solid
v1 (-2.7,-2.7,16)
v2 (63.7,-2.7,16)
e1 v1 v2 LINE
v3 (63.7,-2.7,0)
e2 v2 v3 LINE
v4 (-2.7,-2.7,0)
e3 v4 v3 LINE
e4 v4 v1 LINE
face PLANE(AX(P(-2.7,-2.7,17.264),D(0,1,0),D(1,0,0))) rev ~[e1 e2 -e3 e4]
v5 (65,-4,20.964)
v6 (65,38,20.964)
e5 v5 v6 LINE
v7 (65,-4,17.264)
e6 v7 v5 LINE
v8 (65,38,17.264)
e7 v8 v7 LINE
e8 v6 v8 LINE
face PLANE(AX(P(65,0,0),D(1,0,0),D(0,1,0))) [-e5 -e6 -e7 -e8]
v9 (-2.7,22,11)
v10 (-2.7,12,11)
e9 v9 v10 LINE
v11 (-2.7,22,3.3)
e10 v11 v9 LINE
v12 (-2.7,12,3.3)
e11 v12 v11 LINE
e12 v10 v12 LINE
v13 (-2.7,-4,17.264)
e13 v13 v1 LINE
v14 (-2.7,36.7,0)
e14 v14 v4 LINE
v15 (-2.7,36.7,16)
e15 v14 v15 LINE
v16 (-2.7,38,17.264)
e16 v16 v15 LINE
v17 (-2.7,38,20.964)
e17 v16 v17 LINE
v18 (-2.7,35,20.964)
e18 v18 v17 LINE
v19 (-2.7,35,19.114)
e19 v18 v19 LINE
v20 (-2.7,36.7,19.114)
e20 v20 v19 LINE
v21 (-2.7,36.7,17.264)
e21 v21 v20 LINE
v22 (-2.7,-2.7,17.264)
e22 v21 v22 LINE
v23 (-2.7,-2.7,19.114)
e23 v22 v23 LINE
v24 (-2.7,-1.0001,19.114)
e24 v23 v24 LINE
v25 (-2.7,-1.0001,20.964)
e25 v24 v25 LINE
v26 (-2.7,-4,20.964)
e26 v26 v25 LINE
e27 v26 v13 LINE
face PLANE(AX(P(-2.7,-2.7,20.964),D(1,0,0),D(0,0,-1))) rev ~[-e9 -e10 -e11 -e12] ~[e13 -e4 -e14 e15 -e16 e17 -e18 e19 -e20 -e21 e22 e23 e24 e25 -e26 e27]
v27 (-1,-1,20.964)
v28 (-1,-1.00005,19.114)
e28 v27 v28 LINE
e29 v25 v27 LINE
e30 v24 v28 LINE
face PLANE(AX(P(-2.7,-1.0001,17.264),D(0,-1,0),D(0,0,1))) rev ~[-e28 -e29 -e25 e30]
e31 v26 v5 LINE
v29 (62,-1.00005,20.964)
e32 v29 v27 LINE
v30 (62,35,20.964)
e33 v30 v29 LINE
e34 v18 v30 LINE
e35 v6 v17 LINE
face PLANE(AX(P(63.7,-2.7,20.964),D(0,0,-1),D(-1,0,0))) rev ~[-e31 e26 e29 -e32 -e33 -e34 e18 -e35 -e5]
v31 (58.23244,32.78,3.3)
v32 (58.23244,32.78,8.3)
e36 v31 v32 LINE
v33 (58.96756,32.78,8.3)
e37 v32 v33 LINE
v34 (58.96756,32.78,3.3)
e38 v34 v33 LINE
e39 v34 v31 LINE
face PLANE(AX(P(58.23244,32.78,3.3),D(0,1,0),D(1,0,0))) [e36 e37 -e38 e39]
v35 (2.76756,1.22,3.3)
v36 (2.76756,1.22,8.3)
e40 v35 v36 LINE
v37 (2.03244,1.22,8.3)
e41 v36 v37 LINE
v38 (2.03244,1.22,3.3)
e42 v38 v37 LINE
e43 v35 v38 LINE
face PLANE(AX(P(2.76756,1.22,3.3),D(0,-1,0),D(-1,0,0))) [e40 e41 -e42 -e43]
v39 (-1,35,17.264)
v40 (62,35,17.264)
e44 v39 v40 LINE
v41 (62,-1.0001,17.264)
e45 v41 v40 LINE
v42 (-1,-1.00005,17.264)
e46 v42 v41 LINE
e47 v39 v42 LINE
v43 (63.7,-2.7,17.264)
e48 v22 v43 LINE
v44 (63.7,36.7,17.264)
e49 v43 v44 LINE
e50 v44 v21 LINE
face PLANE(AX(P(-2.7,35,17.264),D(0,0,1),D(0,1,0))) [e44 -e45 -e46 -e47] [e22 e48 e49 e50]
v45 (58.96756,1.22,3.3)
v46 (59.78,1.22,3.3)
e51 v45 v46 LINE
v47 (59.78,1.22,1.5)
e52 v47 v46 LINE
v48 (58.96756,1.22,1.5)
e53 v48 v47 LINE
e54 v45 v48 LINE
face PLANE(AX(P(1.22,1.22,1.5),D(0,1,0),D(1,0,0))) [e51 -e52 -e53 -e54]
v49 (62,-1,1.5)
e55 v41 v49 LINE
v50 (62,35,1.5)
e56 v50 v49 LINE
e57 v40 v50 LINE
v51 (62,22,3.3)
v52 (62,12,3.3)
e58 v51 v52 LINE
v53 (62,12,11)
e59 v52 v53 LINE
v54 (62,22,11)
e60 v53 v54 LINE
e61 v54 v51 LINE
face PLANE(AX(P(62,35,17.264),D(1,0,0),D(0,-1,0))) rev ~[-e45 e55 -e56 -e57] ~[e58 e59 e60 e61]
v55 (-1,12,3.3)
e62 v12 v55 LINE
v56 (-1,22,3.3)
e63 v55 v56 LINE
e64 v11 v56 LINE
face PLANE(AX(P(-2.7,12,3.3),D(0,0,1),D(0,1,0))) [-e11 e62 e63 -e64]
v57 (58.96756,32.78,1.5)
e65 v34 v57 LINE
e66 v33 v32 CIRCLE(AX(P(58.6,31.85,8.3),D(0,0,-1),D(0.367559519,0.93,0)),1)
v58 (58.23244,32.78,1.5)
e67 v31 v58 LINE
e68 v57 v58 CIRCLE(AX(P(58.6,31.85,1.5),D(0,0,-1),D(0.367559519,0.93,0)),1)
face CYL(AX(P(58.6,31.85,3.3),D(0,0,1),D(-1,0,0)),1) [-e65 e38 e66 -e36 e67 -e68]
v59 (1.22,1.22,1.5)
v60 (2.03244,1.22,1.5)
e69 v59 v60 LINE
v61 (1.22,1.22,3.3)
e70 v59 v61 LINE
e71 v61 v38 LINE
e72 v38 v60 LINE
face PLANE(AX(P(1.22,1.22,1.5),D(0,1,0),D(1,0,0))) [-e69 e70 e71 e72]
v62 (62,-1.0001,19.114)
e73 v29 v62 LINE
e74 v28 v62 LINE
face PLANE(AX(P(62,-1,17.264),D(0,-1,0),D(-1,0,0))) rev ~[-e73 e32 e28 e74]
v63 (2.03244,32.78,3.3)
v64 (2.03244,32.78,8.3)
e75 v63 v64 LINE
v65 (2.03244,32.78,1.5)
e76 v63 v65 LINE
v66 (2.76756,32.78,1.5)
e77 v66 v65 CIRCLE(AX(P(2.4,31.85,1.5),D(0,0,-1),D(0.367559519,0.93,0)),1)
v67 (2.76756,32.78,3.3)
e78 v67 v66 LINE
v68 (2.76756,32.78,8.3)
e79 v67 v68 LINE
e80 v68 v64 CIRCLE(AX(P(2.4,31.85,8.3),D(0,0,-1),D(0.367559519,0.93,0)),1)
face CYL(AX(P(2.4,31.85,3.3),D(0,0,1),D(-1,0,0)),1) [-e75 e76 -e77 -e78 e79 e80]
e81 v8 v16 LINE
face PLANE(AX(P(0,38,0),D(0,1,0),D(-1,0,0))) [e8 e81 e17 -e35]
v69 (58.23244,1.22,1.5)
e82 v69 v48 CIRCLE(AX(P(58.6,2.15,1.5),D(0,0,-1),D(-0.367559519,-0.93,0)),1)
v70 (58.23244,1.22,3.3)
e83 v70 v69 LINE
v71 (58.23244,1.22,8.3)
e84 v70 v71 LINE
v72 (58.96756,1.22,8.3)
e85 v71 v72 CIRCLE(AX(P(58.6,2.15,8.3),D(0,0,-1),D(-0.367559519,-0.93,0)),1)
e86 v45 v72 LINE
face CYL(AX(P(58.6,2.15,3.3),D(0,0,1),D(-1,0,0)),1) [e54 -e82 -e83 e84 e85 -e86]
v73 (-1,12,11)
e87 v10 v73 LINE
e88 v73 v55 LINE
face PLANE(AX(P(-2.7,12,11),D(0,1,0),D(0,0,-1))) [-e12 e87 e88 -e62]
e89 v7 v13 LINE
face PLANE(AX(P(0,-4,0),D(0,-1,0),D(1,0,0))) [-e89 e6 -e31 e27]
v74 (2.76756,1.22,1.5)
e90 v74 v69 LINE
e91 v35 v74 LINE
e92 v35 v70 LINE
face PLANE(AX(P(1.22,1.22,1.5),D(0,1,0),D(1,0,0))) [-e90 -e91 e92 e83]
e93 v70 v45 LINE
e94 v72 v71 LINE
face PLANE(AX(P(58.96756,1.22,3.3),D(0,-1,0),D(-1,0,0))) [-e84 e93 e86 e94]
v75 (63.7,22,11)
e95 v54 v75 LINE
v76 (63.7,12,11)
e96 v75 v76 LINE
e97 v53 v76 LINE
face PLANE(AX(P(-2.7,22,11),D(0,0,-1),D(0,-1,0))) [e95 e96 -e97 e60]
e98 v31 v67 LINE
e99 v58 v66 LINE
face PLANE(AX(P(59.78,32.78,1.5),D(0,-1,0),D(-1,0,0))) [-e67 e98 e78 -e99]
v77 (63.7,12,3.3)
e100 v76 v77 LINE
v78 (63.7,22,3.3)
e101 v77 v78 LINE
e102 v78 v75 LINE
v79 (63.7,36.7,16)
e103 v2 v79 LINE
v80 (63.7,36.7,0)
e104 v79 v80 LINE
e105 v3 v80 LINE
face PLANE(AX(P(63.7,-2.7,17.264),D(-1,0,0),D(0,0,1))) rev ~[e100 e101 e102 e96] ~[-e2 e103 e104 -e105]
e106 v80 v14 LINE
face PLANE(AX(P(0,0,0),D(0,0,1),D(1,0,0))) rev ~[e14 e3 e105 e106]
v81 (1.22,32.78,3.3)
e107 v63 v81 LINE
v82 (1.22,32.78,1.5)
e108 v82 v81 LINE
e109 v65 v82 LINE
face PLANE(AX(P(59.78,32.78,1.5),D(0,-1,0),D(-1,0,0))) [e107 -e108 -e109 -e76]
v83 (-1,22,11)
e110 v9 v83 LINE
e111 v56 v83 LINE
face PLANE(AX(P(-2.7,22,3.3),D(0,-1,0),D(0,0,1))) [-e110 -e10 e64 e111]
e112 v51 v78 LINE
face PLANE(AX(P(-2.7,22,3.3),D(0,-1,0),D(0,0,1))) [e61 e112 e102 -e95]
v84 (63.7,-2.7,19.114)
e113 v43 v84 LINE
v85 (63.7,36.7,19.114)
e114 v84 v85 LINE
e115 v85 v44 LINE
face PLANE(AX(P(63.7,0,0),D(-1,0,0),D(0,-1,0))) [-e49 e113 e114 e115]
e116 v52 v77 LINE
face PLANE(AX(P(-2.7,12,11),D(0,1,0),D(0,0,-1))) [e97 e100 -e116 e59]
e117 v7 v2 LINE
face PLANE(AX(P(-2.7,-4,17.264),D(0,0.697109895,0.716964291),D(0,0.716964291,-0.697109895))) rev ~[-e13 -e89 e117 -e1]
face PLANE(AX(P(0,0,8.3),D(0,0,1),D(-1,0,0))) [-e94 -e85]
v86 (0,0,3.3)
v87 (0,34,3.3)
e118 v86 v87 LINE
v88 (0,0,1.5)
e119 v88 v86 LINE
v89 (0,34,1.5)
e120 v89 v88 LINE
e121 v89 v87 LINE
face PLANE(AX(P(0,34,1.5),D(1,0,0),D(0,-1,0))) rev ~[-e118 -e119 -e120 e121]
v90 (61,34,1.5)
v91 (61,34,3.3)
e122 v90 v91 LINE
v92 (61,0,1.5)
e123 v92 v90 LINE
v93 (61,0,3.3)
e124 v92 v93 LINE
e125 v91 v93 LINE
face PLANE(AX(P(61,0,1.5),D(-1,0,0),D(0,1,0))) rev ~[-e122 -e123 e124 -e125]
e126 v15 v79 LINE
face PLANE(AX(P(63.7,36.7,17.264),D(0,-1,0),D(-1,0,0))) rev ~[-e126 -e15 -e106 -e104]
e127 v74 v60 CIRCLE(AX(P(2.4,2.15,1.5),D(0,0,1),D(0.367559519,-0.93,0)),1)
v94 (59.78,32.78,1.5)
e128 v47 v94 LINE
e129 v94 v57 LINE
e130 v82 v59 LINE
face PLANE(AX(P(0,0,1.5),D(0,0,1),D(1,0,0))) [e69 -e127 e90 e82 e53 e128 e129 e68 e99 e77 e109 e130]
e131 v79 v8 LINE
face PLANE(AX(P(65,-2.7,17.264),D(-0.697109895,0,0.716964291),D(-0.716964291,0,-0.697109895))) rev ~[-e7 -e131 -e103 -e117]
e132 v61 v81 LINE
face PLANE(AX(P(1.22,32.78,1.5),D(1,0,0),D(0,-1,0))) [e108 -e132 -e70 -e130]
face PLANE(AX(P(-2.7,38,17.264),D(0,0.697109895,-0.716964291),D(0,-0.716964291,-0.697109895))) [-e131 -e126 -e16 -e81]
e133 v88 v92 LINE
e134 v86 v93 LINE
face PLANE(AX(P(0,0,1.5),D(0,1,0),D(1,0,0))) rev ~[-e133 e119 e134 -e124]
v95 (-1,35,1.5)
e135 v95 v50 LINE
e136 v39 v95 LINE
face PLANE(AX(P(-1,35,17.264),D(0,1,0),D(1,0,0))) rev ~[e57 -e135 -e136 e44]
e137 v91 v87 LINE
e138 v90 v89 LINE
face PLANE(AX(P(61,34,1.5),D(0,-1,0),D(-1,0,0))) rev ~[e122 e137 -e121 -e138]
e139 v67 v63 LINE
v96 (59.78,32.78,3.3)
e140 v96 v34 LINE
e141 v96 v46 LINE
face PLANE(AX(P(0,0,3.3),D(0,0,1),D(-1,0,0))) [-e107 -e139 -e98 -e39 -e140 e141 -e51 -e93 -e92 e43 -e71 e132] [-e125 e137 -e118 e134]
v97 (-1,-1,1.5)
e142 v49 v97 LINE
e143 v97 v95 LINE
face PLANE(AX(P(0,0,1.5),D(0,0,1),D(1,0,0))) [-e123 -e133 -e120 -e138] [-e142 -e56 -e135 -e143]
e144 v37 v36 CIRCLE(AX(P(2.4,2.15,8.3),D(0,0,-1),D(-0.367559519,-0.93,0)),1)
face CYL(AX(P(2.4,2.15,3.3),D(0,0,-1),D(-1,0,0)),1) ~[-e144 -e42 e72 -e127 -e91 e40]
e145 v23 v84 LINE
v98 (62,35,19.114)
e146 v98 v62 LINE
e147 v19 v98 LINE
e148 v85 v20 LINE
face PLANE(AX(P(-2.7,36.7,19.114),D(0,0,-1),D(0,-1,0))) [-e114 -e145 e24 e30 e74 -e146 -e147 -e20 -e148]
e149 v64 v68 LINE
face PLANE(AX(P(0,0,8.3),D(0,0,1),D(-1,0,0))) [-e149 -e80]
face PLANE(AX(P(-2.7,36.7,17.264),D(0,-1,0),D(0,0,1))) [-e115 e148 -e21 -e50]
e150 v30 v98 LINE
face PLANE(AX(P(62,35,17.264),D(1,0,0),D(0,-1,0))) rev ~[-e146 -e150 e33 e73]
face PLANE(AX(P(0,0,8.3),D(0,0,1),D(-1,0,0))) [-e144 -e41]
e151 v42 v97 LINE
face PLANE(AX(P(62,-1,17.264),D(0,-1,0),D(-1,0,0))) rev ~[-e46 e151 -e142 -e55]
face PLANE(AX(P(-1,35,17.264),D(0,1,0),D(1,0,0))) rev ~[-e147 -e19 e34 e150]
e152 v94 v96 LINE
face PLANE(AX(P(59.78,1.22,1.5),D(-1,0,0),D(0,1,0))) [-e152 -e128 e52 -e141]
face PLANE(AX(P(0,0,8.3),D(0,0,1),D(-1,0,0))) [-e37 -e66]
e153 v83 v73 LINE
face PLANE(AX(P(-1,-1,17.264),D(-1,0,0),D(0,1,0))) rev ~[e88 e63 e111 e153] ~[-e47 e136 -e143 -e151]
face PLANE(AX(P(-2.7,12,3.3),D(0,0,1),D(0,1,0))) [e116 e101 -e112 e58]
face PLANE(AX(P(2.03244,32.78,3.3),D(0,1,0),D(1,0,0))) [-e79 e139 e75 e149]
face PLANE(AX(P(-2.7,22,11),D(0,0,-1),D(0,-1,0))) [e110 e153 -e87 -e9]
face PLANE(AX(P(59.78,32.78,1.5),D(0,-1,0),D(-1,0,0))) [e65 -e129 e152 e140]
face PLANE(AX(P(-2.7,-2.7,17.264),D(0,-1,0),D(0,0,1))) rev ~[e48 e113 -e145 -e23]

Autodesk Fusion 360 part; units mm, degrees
sketch "Spodek" plane through (0, 0, 0) normal (0, 0, 1) x (1, 0, 0)
  line L0 (0, 0) -> (61, 0)
  line L1 (61, 0) -> (61, 34)
  line L2 (61, 34) -> (0, 34)
  line L3 (0, 34) -> (0, 0)
  line L4 (-1, 35) -> (62, 35)
  line L5 (62, 35) -> (62, -1)
  line L6 (62, -1) -> (-1, -1)
  line L7 (-1, -1) -> (-1, 35)
  line L8 (-2.7, -2.7) -> (-2.7, 36.7) construction
  line L9 (63.7, 36.7) -> (-2.7, 36.7) construction
  line L10 (63.7, -2.7) -> (63.7, 36.7) construction
  line L11 (63.7, -2.7) -> (-2.7, -2.7) construction
  line L12 (-2.7, -2.7) -> (63.7, -2.7)
  line L13 (63.7, -2.7) -> (63.7, 36.7)
  line L14 (63.7, 36.7) -> (-2.7, 36.7)
  line L15 (-2.7, 36.7) -> (-2.7, -2.7)
  dimension "d1" = 61
  dimension "d2" = 34
  dimension "d3" = 63
  dimension "d4" = 36
  dimension "d5" = 1.7
  dimension "d6" = 1.7
  dimension "d7" = 1.7
  dimension "d8" = 1.7
sketch "TotoNevim" plane through (0, 0, 0) normal (0, 0, 1) x (1, 0, 0)
extrude "Extrude1" add sketch "Spodek" along normal blind 12 contours L12 L13 L14 L15 makes body 1
extrude "Extrude2" add sketch "Spodek" along normal blind 1.5 contours L0 L1 L2 L3 | L4 L5 L6 L7 bodies 1
sketch "Sketch3" plane through (0, 0, 1.5) normal (0, 0, 1) x (-1, 0, 0)
  line L0 (1, 1) -> (-62, 1)
  line L1 (-62, 1) -> (-62, -35)
  line L2 (-62, -35) -> (1, -35)
  line L3 (1, -35) -> (1, 1)
  line L4 (-59.78, -32.78) -> (-1.22, -32.78)
  line L5 (-1.22, -32.78) -> (-1.22, -1.22)
  line L6 (-1.22, -1.22) -> (-59.78, -1.22)
  line L7 (-59.78, -1.22) -> (-59.78, -32.78)
  line L8 (-61, 0) -> (-61, -34)
  line L9 (0, 0) -> (-61, 0)
  line L10 (0, -34) -> (0, 0)
  line L11 (-61, -34) -> (0, -34)
  dimension "d13" = 1.22
  dimension "d14" = 1.22
  dimension "d15" = 1.22
  dimension "d16" = 1.22
extrude "Extrude3" add sketch "Sketch3" along normal blind 1.8 contours L8 L9 L10 L11 bodies 1
extrude "Extrude4" add 1 faces at (20, -2.1333, 12) along direction (0, 0, 1) blind 5.243 on bodies 1 bodies 1
extrude "Extrude5" add 1 faces at (20, -2.1333, 17.243) along direction (0, 0, 1) blind 0.021 on bodies 1 bodies 1
sketch "Prurez1" plane through (-2.7, 0, 0) normal (-1, 0, 0) x (0, -1, 0)
  line L0 (-36.7, 0) -> (2.7, 0)
  line L1 (2.7, 0) -> (2.7, 17.264)
  line L2 (2.7, 17.264) -> (-36.7, 17.264)
  line L3 (-36.7, 17.264) -> (-36.7, 0)
  line L4 (-12, 3.3) -> (-12, 11) construction
  line L5 (0, 1.5) -> (0, 3.3) construction
  line L6 (-22, 11) -> (-22, 3.3) construction
  line L7 (-34, 3.3) -> (-34, 11) construction
  line L8 (-35, 1.5) -> (-35, 17.264) construction
  line L9 (-22, 11) -> (-12, 11) construction
  line L10 (-12, 11) -> (-12, 3.3) construction
  line L11 (-12, 3.3) -> (-22, 3.3) construction
  line L12 (-22, 3.3) -> (-22, 11) construction
  line L13 (-22, 11) -> (-12, 11)
  line L14 (-12, 11) -> (-12, 3.3)
  line L15 (-12, 3.3) -> (-22, 3.3)
  line L16 (-22, 3.3) -> (-22, 11)
  dimension "d23" = 7.7
  dimension "d24" = 12
  dimension "d25" = 12
  dimension "d26" = 1
extrude "Extrude6" cut sketch "Prurez1" against normal up to surface (66.4 mm away) contours L13 L14 L15 L16 bodies 1
sketch "Sketch5" plane through (0, 0, 17.264) normal (0, 0, 1) x (-1, 0, 0)
  line L0 (-62, 1) -> (1, 1)
  line L1 (1, 1) -> (1, -35)
  line L2 (1, -35) -> (-62, -35)
  line L3 (-62, -35) -> (-62, 1)
  line L4 (2.7, -36.7) -> (2.7, 2.7)
  line L5 (2.7, 2.7) -> (-63.7, 2.7)
  line L6 (-63.7, 2.7) -> (-63.7, -36.7)
  line L7 (-63.7, -36.7) -> (2.7, -36.7)
  line L8 (2.7, -36.7) -> (-63.7, -36.7)
  line L9 (-63.7, -36.7) -> (-63.7, 2.7)
  line L10 (-63.7, 2.7) -> (2.7, 2.7)
  line L11 (2.7, 2.7) -> (2.7, -36.7)
  line L12 (1, -35) -> (-62, -35)
  line L13 (-62, -35) -> (-62, 1)
  line L14 (-62, 1) -> (1, 1)
  line L15 (1, 1) -> (1, -35)
extrude "Extrude7" add sketch "Sketch5" along normal blind 3.7 bodies 1
sketch "Sketch6" plane through (-2.7, 0, 0) normal (-1, 0, 0) x (0, -1, 0)
  line L0 (-22, 3.3) -> (-22, 11)
  line L1 (-22, 11) -> (-12, 11)
  line L2 (-12, 11) -> (-12, 3.3)
  line L3 (-12, 3.3) -> (-22, 3.3)
  line L4 (-36.7, 0) -> (2.7, 0)
  line L5 (2.7, 0) -> (2.7, 20.964)
  line L6 (2.7, 20.964) -> (-36.7, 20.964)
  line L7 (-36.7, 20.964) -> (-36.7, 0)
  line L8 (-35, 17.264) -> (1.0001, 17.264)
  line L9 (1.0001, 17.264) -> (1.0001, 20.964)
  line L10 (1.0001, 20.964) -> (-35, 20.964)
  line L11 (-35, 20.964) -> (-35, 17.264)
  line L12 (-36.7, 17.264) -> (2.7, 17.264)
extrude "Extrude8" cut sketch "Sketch6" against normal up to surface (64.7 mm away) contours L6 L8 L9 L10 L11 L12 bodies 1
sketch "BokFront" plane through (0, -2.7, 0) normal (0, -1, 0) x (1, 0, 0)
  line L0 (-2.7, 0) -> (63.7, 0)
  line L1 (63.7, 0) -> (63.7, 20.964)
  line L2 (63.7, 20.964) -> (-2.7, 20.964)
  line L3 (-2.7, 20.964) -> (-2.7, 0)
  line L4 (-2.7, 20.964) -> (63.7, 20.964)
  line L5 (63.7, 20.964) -> (63.7, 17.264)
  line L6 (63.7, 17.264) -> (-2.7, 17.264)
  line L7 (-2.7, 17.264) -> (-2.7, 20.964)
  point P0 (63.7, 17.264)
sketch "BokRight" plane through (63.7, 0, 0) normal (1, 0, 0) x (0, 1, 0)
  line L0 (22, 11) -> (22, 3.3)
  line L1 (22, 3.3) -> (12, 3.3)
  line L2 (12, 3.3) -> (12, 11)
  line L3 (12, 11) -> (22, 11)
  line L4 (-2.7, 0) -> (36.7, 0)
  line L5 (36.7, 0) -> (36.7, 20.964)
  line L6 (36.7, 20.964) -> (-2.7, 20.964)
  line L7 (-2.7, 20.964) -> (-2.7, 0)
  line L8 (-2.7, 20.964) -> (36.7, 20.964)
  line L9 (36.7, 20.964) -> (36.7, 17.264)
  line L10 (36.7, 17.264) -> (-2.7, 17.264)
  line L11 (-2.7, 17.264) -> (-2.7, 20.964)
  point P0 (36.7, 17.264)
sketch "BokBack" plane through (0, 36.7, 0) normal (0, 1, 0) x (-1, 0, 0)
  line L0 (-63.7, 0) -> (2.7, 0)
  line L1 (2.7, 0) -> (2.7, 20.964)
  line L2 (2.7, 20.964) -> (-63.7, 20.964)
  line L3 (-63.7, 20.964) -> (-63.7, 0)
  line L4 (-63.7, 20.964) -> (2.7, 20.964)
  line L5 (2.7, 20.964) -> (2.7, 17.264)
  line L6 (2.7, 17.264) -> (-63.7, 17.264)
  line L7 (-63.7, 17.264) -> (-63.7, 20.964)
  point P0 (2.7, 17.264)
extrude "Extrude9" add sketch "BokBack" along normal blind 1.3 contours L1 L2 L3 L4 L5 L6 L7 bodies 1
extrude "Extrude10" add sketch "BokFront" along normal blind 1.3 contours L1 L2 L3 L4 L5 L6 L7 bodies 1
extrude "Extrude11" add sketch "BokRight" along normal blind 1.3 contours L5 L6 L7 L8 L9 L10 L11 bodies 1
extrude "Extrude12" add 1 faces at (63.7, 37.5667, 19.7307) along direction (1, 0, 0) blind 1.3 on bodies 1 bodies 1
extrude "Extrude13" add 1 faces at (63.7, -3.1333, 19.7307) along direction (1, 0, 0) blind 1.3 on bodies 1 bodies 1
sketch "Sketch10" plane through (-2.7, 0, 0) normal (-1, 0, 0) x (0, -1, 0)
  line L0 (-35, 17.264) -> (-35, 20.964)
  line L1 (-35, 20.964) -> (-38, 20.964)
  line L2 (-38, 20.964) -> (-38, 17.264)
  line L3 (-38, 17.264) -> (-36.7, 17.264)
  line L4 (-36.7, 17.264) -> (-36.7, 0)
  line L5 (-36.7, 0) -> (2.7, 0)
  line L6 (2.7, 0) -> (2.7, 17.264)
  line L7 (2.7, 17.264) -> (4, 17.264)
  line L8 (4, 17.264) -> (4, 20.964)
  line L9 (4, 20.964) -> (1.0001, 20.964)
  line L10 (1.0001, 20.964) -> (1.0001, 17.264)
  line L11 (1.0001, 17.264) -> (-35, 17.264)
  line L12 (-22, 3.3) -> (-22, 11)
  line L13 (-22, 11) -> (-12, 11)
  line L14 (-12, 11) -> (-12, 3.3)
  line L15 (-12, 3.3) -> (-22, 3.3)
  line L16 (4, 17.264) -> (2.7, 16)
  line L17 (-38, 17.264) -> (-36.7, 16)
extrude "Extrude14" add sketch "Sketch10" against normal up to surface (67.7 mm away) contours L3 L4 L17 | L6 L7 L16 bodies 1
sketch "Sketch11" plane through (0, -2.7, 0) normal (0, 1, 0) x (-1, 0, 0)
  line L0 (-63.7, 16) -> (-63.7, 17.264)
  line L1 (-63.7, 17.264) -> (-65, 17.264)
  line L2 (-65, 17.264) -> (-65, 16)
  line L3 (-65, 16) -> (-63.7, 16)
  line L4 (-65, 17.264) -> (-63.7, 16)
extrude "Extrude15" add sketch "Sketch11" along normal blind 39.4 contours L0 L1 L4 bodies 1
extrude "Extrude16" cut 1 faces at (64.5667, -2.7, 16.4213) along direction (0, -1, 0) blind 5.3 on bodies 1 bodies 1
extrude "Extrude17" cut 1 faces at (64.5667, 36.7, 16.4213) along direction (0, 1, 0) blind 1.9 on bodies 1 bodies 1
sketch "Sketch12" plane through (-2.7, 35.85, 19.114) normal (-1, 0, 0) x (0, -1, 0)
  line L0 (-0.85, 0) -> (0.85, 0)
  line L1 (0.85, 0) -> (0.85, -1.85)
  line L2 (0.85, -1.85) -> (-0.85, -1.85)
  line L3 (-0.85, -1.85) -> (-0.85, 0)
  line L4 (-0.85, 1.85) -> (-0.85, -19.114)
  line L5 (36.8501, -1.85) -> (38.55, -1.85)
  line L6 (38.55, -1.85) -> (38.55, 0)
  line L7 (38.55, 0) -> (36.8501, 0)
  line L8 (36.8501, 0) -> (36.8501, -1.85)
  line L9 (38.55, -19.114) -> (38.55, 1.85)
  point P0 (0.85, -1.85)
  point P1 (36.8501, -1.85)
extrude "Extrude18" cut sketch "Sketch12" against normal blind 64.7 bodies 1
sketch "Sketch13" plane through (62, 0, 0) normal (-1, 0, 0) x (0, -1, 0)
  line L0 (-35, 17.264) -> (-35, 1.5)
  line L1 (-35, 1.5) -> (1, 1.5)
  line L2 (1, 1.5) -> (1, 17.264)
  line L3 (1.0001, 17.264) -> (2.7, 17.264)
  line L4 (2.7, 17.264) -> (2.7, 19.114)
  line L5 (2.7, 19.114) -> (1.0001, 19.114)
  line L6 (1, 19.114) -> (1, 20.964)
  line L7 (1, 20.964) -> (-35, 20.964)
  line L8 (-35, 20.964) -> (-35, 19.114)
  line L9 (-35, 19.114) -> (-36.7, 19.114)
  line L10 (-36.7, 19.114) -> (-36.7, 17.264)
  line L11 (-36.7, 17.264) -> (-35, 17.264)
  line L12 (-22, 3.3) -> (-22, 11)
  line L13 (-22, 11) -> (-12, 11)
  line L14 (-12, 11) -> (-12, 3.3)
  line L15 (-12, 3.3) -> (-22, 3.3)
  line L16 (-36.7, 19.114) -> (2.7, 19.114)
  line L17 (2.7, 19.114) -> (2.7, 17.264)
  line L18 (2.7, 17.264) -> (-36.7, 17.264)
  line L19 (-36.7, 17.264) -> (-36.7, 19.114)
extrude "Extrude19" cut sketch "Sketch13" against normal blind 1.7 contours L3 L4 L5 L9 L10 L11 L16 L17 L18 L19 bodies 1
sketch "Sketch14" plane through (0, 0, 3.3) normal (0, 0, 1) x (-1, 0, 0)
  line L0 (0, -34) -> (0, 0)
  line L1 (0, 0) -> (-61, 0)
  line L2 (-61, 0) -> (-61, -34)
  line L3 (-61, -34) -> (0, -34)
  line L4 (-1.22, -1.22) -> (-1.22, -32.78)
  line L5 (-1.22, -32.78) -> (-59.78, -32.78)
  line L6 (-59.78, -32.78) -> (-59.78, -1.22)
  line L7 (-59.78, -1.22) -> (-1.22, -1.22)
  circle A0 centre (-58.6, -31.85) radius 1
  line L8 (-61, -17) -> (0, -17) construction
  circle A1 centre (-58.6, -2.15) radius 1
  line L9 (-30.5, -34) -> (-30.5, 0) construction
  circle A2 centre (-2.4, -31.85) radius 1
  circle A3 centre (-2.4, -2.15) radius 1
  point P0 (-58.6, -31.85)
  dimension "d55" = 2.15
  dimension "d56" = 2.4
  dimension "d57" = 2
extrude "Extrude20" add sketch "Sketch14" along normal blind 5 separate body contours L7 A3 | L5 A2 | L7 A1 | L5 A0 picked at (-2.6077, -1.9583) picked at (-2.278, -32.1598) picked at (-58.2997, -2.1959) picked at (-58.3551, -31.7867) makes body 2 at (59.2633, 32.5983, 6.6333) makes body 3 at (59.1416, 2.9907, 6.6333) makes body 4 at (3.0633, 32.5983, 6.6333) makes body 5 at (2.8103, 3.062, 6.6333)
extrude "Extrude21" add 4 faces at (2.6077, 1.9583, 3.3) (2.278, 32.1598, 3.3) (58.3551, 31.7867, 3.3) (58.2997, 2.1959, 3.3) along direction (0, 0, -1) blind 2 on bodies 2 3 4 5 bodies 5 1 2 3 4
equation "d19 = 14 mm - 8.757 mm"
equation "d21 = 14 mm - 13.979 mm"
equation "d33 = 3 mm - 1.70 mm"
equation "d35 = 3 mm - 1.70 mm"
equation "d37 = 3 mm - 1.70 mm"
